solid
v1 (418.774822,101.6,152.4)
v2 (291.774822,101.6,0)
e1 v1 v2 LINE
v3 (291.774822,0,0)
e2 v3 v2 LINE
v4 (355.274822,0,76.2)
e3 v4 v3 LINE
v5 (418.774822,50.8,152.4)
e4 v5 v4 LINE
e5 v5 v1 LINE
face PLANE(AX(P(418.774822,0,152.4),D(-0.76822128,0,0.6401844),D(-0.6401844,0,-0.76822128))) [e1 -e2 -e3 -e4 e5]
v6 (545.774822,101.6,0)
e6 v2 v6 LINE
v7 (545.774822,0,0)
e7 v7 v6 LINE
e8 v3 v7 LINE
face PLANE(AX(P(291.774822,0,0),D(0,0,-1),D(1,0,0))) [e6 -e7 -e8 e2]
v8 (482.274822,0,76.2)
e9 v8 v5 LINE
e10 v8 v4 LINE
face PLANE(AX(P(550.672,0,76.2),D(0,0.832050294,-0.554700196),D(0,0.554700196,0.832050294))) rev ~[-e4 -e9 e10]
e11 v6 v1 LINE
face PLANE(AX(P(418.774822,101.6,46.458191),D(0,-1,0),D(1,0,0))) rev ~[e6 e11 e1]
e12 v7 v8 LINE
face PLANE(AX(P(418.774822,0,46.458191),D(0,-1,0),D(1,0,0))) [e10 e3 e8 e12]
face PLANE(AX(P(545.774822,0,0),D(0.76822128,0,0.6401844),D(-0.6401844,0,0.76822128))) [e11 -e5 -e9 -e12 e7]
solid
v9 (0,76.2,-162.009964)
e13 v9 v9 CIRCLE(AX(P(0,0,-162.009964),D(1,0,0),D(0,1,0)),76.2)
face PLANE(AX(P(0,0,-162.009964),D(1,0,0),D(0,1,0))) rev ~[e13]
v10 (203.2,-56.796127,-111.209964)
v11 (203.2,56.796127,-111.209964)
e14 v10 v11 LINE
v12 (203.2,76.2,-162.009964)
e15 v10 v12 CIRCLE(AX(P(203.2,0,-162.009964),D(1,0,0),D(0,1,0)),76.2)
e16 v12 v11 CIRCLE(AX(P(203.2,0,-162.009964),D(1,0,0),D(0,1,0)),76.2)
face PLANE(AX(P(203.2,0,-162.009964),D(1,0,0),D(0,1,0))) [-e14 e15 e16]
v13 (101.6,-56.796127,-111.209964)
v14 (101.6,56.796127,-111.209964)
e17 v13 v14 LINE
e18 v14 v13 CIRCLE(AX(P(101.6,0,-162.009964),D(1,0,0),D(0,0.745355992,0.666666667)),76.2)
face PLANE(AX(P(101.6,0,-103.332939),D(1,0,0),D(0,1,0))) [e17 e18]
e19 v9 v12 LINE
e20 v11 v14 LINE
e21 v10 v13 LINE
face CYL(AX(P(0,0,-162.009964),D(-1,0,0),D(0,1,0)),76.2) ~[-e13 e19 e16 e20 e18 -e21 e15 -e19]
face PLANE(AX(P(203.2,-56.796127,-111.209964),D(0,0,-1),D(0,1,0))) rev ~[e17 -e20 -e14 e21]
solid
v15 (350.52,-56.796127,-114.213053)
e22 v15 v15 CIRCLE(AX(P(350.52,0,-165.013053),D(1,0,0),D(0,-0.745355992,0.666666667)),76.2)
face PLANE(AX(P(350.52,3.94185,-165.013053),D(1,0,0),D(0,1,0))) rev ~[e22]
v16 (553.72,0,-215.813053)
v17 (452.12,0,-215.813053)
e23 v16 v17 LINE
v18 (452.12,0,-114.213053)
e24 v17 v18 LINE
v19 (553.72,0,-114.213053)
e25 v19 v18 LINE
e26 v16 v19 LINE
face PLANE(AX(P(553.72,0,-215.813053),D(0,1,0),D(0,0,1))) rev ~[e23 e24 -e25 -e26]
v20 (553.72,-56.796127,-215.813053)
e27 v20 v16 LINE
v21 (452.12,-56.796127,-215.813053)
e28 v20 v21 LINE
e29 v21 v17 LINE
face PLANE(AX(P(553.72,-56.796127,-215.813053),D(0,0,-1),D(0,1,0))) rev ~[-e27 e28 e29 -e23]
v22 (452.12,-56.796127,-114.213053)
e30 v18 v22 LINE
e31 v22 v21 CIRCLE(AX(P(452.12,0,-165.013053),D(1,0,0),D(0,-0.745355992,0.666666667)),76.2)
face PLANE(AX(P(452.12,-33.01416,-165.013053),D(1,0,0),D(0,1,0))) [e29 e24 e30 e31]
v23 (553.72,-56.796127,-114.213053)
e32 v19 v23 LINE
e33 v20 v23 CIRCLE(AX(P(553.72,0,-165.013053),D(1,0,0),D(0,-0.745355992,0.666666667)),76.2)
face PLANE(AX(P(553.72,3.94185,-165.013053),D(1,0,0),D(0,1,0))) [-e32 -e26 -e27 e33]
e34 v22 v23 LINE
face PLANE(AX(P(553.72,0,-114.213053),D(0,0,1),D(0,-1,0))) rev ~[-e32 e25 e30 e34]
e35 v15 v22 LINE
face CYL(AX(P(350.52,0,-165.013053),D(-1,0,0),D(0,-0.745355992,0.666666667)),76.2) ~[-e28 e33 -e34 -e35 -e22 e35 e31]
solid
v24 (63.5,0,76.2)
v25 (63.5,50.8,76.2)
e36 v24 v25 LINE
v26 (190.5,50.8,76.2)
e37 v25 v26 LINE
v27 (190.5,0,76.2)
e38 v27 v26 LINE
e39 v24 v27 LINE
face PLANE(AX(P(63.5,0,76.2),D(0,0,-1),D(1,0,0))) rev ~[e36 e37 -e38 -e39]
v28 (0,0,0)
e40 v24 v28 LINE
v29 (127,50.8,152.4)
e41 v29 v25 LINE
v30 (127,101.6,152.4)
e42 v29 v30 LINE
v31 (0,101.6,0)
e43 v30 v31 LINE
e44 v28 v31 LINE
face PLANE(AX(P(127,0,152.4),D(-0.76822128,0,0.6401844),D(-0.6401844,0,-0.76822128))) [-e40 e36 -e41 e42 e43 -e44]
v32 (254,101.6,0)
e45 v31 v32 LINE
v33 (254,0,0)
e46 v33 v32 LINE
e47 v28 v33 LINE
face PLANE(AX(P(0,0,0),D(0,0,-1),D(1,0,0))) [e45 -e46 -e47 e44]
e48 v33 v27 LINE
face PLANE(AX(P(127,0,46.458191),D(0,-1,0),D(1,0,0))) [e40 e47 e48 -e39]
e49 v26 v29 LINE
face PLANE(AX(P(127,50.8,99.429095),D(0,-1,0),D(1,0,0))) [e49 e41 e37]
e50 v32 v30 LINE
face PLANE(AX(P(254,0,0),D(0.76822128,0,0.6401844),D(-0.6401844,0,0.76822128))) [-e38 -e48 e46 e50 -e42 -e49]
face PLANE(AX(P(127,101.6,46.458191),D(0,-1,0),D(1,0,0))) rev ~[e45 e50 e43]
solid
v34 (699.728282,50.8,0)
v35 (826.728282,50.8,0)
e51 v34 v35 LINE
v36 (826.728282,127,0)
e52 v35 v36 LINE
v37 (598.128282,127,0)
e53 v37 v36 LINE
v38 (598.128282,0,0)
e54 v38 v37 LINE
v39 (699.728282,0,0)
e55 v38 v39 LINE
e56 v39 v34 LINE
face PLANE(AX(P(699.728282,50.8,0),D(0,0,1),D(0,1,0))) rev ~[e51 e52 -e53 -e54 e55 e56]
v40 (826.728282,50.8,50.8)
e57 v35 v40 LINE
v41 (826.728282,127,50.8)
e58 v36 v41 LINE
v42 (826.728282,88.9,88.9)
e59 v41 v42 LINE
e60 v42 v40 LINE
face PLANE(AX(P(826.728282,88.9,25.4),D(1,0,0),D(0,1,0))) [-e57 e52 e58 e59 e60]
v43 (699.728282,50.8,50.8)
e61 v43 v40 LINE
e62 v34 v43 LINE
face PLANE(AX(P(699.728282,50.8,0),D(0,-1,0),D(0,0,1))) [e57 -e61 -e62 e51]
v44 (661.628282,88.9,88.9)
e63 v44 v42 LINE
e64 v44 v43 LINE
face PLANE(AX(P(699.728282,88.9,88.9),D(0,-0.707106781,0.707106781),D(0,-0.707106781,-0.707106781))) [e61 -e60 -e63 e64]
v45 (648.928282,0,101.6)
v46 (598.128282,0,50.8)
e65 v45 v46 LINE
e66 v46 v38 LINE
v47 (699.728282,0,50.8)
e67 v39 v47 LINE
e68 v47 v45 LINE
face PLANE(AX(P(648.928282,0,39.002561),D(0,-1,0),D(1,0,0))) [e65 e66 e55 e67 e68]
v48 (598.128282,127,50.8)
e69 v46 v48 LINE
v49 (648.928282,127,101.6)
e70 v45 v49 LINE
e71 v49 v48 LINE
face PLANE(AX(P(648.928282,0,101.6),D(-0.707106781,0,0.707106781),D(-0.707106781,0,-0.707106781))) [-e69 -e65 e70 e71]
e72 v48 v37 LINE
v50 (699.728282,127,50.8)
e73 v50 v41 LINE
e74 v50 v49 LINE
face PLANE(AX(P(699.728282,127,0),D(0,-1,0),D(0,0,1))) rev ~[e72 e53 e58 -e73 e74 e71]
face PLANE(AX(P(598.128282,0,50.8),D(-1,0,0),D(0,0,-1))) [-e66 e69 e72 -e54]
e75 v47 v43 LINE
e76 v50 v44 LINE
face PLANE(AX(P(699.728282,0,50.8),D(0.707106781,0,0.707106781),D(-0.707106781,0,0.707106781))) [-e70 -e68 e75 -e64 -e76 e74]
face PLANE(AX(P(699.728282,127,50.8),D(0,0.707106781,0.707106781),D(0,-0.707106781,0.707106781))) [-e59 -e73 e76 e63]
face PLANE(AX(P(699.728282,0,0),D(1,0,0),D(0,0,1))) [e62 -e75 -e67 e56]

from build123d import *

# Parameters (mm, degrees)
F1_DEPTH  = 101.6
F3_DEPTH  = 50.8
F5_DEPTH  = 101.6
F8_DEPTH  = 244.348
F10_DEPTH = 127
F11_W     = 76.2
F11_H     = 50.8
F12_DEPTH = 127
F14_R     = 76.2
F15_DEPTH = 203.2
F17_DEPTH = 101.6
F20_DEPTH = 203.2
F22_DEPTH = 101.6


with BuildPart() as f1:
    # F0 (on Front) → F1 (new body)
    with BuildSketch(Plane.XZ):
        Polygon((127, 152.4), (0, 0), (254, 0), align=None)
    extrude(amount=-F1_DEPTH)

    # F2 (on face) → F3 (cut)
    with BuildSketch(Plane.XZ):
        Polygon((63.5, 76.2), (127, 76.2), (190.5, 76.2), (127, 152.4), align=None)
    extrude(amount=-F3_DEPTH, mode=Mode.SUBTRACT)


with BuildPart() as f5:
    # F4 (on Front) → F5 (new body)
    with BuildSketch(Plane.XZ):
        Polygon((418.7748224481, 152.4), (291.7748224481, 0), (545.7748224481, 0), align=None)
    extrude(amount=-F5_DEPTH)

    # F7 (on offset) → F8 (cut)
    with BuildSketch(Plane.YZ.offset(550.672)):
        Polygon((0, 152.4), (0, 76.2), (50.8, 152.4), align=None)
    extrude(amount=-F8_DEPTH, mode=Mode.SUBTRACT)


with BuildPart() as f10:
    # F9 (on Front) → F10 (new body)
    with BuildSketch(Plane.XZ):
        Polygon((598.1282820559, 50.8), (598.1282820559, 0), (699.7282820559, 0), (699.7282820559, 50.8), (648.9282820559, 101.6), align=None)
    extrude(amount=-F10_DEPTH)

    # F11 (on face) → F12 (join)
    with BuildSketch(Plane.YZ.offset(699.7282820559)):
        with Locations((88.9, 25.4)):
            Rectangle(F11_W, F11_H)
        Polygon((50.8, 50.8), (127, 50.8), (88.9, 88.9), align=None)
    extrude(amount=F12_DEPTH)

    # F11 (on face) → F13 (join, up to the next surface of F10)
    with BuildSketch(Plane.YZ.offset(699.7282820559)):
        Polygon((50.8, 50.8), (127, 50.8), (88.9, 88.9), align=None)
    extrude(until=Until.NEXT, dir=(-1, 0, 0))


with BuildPart() as f15:
    # F14 (on Right) → F15 (new body)
    with BuildSketch(Plane.YZ):
        with Locations((0, -162.0099643456)):
            Circle(F14_R)
    extrude(amount=F15_DEPTH)

    # F16 (on face) → F17 (cut)
    with BuildSketch(Plane.YZ.offset(203.2)):
        with BuildLine():
            Line((-56.7961266285, -111.2099643456), (56.7961266285, -111.2099643456))
            ThreePointArc((56.7961266285, -111.2099643456), (0, -85.8099643456), (-56.7961266285, -111.2099643456))
        make_face()
    extrude(amount=-F17_DEPTH, mode=Mode.SUBTRACT)


with BuildPart() as f20:
    # F19 (on offset) → F20 (new body)
    with BuildSketch(Plane.YZ.offset(350.52)):
        with BuildLine():
            ThreePointArc((-56.7961266285, -215.8130525019), (27.1898432407, -236.1969862549), (76.2, -165.0130525019))
            ThreePointArc((76.2, -165.0130525019), (27.1898432407, -93.829118749), (-56.7961266285, -114.2130525019))
            Line((-56.7961266285, -114.2130525019), (0, -114.2130525019))
            Line((0, -114.2130525019), (0, -215.8130525019))
            Line((0, -215.8130525019), (-56.7961266285, -215.8130525019))
        make_face()
        with BuildLine():
            Line((0, -114.2130525019), (-56.7961266285, -114.2130525019))
            ThreePointArc((-56.7961266285, -114.2130525019), (-76.2, -165.0130525019), (-56.7961266285, -215.8130525019))
            Line((-56.7961266285, -215.8130525019), (0, -215.8130525019))
            Line((0, -215.8130525019), (0, -114.2130525019))
        make_face()
    extrude(amount=F20_DEPTH)

    # F21 (on face) → F22 (cut)
    with BuildSketch(Plane.YZ.offset(553.72)):
        with BuildLine():
            Line((0, -215.8130525019), (0, -114.2130525019))
            Line((0, -114.2130525019), (-56.7961266285, -114.2130525019))
            ThreePointArc((-56.7961266285, -114.2130525019), (-76.2, -165.0130525019), (-56.7961266285, -215.8130525019))
            Line((-56.7961266285, -215.8130525019), (0, -215.8130525019))
        make_face()
    extrude(amount=-F22_DEPTH, mode=Mode.SUBTRACT)


solid = Compound([f1.part, f5.part, f10.part, f15.part, f20.part])
